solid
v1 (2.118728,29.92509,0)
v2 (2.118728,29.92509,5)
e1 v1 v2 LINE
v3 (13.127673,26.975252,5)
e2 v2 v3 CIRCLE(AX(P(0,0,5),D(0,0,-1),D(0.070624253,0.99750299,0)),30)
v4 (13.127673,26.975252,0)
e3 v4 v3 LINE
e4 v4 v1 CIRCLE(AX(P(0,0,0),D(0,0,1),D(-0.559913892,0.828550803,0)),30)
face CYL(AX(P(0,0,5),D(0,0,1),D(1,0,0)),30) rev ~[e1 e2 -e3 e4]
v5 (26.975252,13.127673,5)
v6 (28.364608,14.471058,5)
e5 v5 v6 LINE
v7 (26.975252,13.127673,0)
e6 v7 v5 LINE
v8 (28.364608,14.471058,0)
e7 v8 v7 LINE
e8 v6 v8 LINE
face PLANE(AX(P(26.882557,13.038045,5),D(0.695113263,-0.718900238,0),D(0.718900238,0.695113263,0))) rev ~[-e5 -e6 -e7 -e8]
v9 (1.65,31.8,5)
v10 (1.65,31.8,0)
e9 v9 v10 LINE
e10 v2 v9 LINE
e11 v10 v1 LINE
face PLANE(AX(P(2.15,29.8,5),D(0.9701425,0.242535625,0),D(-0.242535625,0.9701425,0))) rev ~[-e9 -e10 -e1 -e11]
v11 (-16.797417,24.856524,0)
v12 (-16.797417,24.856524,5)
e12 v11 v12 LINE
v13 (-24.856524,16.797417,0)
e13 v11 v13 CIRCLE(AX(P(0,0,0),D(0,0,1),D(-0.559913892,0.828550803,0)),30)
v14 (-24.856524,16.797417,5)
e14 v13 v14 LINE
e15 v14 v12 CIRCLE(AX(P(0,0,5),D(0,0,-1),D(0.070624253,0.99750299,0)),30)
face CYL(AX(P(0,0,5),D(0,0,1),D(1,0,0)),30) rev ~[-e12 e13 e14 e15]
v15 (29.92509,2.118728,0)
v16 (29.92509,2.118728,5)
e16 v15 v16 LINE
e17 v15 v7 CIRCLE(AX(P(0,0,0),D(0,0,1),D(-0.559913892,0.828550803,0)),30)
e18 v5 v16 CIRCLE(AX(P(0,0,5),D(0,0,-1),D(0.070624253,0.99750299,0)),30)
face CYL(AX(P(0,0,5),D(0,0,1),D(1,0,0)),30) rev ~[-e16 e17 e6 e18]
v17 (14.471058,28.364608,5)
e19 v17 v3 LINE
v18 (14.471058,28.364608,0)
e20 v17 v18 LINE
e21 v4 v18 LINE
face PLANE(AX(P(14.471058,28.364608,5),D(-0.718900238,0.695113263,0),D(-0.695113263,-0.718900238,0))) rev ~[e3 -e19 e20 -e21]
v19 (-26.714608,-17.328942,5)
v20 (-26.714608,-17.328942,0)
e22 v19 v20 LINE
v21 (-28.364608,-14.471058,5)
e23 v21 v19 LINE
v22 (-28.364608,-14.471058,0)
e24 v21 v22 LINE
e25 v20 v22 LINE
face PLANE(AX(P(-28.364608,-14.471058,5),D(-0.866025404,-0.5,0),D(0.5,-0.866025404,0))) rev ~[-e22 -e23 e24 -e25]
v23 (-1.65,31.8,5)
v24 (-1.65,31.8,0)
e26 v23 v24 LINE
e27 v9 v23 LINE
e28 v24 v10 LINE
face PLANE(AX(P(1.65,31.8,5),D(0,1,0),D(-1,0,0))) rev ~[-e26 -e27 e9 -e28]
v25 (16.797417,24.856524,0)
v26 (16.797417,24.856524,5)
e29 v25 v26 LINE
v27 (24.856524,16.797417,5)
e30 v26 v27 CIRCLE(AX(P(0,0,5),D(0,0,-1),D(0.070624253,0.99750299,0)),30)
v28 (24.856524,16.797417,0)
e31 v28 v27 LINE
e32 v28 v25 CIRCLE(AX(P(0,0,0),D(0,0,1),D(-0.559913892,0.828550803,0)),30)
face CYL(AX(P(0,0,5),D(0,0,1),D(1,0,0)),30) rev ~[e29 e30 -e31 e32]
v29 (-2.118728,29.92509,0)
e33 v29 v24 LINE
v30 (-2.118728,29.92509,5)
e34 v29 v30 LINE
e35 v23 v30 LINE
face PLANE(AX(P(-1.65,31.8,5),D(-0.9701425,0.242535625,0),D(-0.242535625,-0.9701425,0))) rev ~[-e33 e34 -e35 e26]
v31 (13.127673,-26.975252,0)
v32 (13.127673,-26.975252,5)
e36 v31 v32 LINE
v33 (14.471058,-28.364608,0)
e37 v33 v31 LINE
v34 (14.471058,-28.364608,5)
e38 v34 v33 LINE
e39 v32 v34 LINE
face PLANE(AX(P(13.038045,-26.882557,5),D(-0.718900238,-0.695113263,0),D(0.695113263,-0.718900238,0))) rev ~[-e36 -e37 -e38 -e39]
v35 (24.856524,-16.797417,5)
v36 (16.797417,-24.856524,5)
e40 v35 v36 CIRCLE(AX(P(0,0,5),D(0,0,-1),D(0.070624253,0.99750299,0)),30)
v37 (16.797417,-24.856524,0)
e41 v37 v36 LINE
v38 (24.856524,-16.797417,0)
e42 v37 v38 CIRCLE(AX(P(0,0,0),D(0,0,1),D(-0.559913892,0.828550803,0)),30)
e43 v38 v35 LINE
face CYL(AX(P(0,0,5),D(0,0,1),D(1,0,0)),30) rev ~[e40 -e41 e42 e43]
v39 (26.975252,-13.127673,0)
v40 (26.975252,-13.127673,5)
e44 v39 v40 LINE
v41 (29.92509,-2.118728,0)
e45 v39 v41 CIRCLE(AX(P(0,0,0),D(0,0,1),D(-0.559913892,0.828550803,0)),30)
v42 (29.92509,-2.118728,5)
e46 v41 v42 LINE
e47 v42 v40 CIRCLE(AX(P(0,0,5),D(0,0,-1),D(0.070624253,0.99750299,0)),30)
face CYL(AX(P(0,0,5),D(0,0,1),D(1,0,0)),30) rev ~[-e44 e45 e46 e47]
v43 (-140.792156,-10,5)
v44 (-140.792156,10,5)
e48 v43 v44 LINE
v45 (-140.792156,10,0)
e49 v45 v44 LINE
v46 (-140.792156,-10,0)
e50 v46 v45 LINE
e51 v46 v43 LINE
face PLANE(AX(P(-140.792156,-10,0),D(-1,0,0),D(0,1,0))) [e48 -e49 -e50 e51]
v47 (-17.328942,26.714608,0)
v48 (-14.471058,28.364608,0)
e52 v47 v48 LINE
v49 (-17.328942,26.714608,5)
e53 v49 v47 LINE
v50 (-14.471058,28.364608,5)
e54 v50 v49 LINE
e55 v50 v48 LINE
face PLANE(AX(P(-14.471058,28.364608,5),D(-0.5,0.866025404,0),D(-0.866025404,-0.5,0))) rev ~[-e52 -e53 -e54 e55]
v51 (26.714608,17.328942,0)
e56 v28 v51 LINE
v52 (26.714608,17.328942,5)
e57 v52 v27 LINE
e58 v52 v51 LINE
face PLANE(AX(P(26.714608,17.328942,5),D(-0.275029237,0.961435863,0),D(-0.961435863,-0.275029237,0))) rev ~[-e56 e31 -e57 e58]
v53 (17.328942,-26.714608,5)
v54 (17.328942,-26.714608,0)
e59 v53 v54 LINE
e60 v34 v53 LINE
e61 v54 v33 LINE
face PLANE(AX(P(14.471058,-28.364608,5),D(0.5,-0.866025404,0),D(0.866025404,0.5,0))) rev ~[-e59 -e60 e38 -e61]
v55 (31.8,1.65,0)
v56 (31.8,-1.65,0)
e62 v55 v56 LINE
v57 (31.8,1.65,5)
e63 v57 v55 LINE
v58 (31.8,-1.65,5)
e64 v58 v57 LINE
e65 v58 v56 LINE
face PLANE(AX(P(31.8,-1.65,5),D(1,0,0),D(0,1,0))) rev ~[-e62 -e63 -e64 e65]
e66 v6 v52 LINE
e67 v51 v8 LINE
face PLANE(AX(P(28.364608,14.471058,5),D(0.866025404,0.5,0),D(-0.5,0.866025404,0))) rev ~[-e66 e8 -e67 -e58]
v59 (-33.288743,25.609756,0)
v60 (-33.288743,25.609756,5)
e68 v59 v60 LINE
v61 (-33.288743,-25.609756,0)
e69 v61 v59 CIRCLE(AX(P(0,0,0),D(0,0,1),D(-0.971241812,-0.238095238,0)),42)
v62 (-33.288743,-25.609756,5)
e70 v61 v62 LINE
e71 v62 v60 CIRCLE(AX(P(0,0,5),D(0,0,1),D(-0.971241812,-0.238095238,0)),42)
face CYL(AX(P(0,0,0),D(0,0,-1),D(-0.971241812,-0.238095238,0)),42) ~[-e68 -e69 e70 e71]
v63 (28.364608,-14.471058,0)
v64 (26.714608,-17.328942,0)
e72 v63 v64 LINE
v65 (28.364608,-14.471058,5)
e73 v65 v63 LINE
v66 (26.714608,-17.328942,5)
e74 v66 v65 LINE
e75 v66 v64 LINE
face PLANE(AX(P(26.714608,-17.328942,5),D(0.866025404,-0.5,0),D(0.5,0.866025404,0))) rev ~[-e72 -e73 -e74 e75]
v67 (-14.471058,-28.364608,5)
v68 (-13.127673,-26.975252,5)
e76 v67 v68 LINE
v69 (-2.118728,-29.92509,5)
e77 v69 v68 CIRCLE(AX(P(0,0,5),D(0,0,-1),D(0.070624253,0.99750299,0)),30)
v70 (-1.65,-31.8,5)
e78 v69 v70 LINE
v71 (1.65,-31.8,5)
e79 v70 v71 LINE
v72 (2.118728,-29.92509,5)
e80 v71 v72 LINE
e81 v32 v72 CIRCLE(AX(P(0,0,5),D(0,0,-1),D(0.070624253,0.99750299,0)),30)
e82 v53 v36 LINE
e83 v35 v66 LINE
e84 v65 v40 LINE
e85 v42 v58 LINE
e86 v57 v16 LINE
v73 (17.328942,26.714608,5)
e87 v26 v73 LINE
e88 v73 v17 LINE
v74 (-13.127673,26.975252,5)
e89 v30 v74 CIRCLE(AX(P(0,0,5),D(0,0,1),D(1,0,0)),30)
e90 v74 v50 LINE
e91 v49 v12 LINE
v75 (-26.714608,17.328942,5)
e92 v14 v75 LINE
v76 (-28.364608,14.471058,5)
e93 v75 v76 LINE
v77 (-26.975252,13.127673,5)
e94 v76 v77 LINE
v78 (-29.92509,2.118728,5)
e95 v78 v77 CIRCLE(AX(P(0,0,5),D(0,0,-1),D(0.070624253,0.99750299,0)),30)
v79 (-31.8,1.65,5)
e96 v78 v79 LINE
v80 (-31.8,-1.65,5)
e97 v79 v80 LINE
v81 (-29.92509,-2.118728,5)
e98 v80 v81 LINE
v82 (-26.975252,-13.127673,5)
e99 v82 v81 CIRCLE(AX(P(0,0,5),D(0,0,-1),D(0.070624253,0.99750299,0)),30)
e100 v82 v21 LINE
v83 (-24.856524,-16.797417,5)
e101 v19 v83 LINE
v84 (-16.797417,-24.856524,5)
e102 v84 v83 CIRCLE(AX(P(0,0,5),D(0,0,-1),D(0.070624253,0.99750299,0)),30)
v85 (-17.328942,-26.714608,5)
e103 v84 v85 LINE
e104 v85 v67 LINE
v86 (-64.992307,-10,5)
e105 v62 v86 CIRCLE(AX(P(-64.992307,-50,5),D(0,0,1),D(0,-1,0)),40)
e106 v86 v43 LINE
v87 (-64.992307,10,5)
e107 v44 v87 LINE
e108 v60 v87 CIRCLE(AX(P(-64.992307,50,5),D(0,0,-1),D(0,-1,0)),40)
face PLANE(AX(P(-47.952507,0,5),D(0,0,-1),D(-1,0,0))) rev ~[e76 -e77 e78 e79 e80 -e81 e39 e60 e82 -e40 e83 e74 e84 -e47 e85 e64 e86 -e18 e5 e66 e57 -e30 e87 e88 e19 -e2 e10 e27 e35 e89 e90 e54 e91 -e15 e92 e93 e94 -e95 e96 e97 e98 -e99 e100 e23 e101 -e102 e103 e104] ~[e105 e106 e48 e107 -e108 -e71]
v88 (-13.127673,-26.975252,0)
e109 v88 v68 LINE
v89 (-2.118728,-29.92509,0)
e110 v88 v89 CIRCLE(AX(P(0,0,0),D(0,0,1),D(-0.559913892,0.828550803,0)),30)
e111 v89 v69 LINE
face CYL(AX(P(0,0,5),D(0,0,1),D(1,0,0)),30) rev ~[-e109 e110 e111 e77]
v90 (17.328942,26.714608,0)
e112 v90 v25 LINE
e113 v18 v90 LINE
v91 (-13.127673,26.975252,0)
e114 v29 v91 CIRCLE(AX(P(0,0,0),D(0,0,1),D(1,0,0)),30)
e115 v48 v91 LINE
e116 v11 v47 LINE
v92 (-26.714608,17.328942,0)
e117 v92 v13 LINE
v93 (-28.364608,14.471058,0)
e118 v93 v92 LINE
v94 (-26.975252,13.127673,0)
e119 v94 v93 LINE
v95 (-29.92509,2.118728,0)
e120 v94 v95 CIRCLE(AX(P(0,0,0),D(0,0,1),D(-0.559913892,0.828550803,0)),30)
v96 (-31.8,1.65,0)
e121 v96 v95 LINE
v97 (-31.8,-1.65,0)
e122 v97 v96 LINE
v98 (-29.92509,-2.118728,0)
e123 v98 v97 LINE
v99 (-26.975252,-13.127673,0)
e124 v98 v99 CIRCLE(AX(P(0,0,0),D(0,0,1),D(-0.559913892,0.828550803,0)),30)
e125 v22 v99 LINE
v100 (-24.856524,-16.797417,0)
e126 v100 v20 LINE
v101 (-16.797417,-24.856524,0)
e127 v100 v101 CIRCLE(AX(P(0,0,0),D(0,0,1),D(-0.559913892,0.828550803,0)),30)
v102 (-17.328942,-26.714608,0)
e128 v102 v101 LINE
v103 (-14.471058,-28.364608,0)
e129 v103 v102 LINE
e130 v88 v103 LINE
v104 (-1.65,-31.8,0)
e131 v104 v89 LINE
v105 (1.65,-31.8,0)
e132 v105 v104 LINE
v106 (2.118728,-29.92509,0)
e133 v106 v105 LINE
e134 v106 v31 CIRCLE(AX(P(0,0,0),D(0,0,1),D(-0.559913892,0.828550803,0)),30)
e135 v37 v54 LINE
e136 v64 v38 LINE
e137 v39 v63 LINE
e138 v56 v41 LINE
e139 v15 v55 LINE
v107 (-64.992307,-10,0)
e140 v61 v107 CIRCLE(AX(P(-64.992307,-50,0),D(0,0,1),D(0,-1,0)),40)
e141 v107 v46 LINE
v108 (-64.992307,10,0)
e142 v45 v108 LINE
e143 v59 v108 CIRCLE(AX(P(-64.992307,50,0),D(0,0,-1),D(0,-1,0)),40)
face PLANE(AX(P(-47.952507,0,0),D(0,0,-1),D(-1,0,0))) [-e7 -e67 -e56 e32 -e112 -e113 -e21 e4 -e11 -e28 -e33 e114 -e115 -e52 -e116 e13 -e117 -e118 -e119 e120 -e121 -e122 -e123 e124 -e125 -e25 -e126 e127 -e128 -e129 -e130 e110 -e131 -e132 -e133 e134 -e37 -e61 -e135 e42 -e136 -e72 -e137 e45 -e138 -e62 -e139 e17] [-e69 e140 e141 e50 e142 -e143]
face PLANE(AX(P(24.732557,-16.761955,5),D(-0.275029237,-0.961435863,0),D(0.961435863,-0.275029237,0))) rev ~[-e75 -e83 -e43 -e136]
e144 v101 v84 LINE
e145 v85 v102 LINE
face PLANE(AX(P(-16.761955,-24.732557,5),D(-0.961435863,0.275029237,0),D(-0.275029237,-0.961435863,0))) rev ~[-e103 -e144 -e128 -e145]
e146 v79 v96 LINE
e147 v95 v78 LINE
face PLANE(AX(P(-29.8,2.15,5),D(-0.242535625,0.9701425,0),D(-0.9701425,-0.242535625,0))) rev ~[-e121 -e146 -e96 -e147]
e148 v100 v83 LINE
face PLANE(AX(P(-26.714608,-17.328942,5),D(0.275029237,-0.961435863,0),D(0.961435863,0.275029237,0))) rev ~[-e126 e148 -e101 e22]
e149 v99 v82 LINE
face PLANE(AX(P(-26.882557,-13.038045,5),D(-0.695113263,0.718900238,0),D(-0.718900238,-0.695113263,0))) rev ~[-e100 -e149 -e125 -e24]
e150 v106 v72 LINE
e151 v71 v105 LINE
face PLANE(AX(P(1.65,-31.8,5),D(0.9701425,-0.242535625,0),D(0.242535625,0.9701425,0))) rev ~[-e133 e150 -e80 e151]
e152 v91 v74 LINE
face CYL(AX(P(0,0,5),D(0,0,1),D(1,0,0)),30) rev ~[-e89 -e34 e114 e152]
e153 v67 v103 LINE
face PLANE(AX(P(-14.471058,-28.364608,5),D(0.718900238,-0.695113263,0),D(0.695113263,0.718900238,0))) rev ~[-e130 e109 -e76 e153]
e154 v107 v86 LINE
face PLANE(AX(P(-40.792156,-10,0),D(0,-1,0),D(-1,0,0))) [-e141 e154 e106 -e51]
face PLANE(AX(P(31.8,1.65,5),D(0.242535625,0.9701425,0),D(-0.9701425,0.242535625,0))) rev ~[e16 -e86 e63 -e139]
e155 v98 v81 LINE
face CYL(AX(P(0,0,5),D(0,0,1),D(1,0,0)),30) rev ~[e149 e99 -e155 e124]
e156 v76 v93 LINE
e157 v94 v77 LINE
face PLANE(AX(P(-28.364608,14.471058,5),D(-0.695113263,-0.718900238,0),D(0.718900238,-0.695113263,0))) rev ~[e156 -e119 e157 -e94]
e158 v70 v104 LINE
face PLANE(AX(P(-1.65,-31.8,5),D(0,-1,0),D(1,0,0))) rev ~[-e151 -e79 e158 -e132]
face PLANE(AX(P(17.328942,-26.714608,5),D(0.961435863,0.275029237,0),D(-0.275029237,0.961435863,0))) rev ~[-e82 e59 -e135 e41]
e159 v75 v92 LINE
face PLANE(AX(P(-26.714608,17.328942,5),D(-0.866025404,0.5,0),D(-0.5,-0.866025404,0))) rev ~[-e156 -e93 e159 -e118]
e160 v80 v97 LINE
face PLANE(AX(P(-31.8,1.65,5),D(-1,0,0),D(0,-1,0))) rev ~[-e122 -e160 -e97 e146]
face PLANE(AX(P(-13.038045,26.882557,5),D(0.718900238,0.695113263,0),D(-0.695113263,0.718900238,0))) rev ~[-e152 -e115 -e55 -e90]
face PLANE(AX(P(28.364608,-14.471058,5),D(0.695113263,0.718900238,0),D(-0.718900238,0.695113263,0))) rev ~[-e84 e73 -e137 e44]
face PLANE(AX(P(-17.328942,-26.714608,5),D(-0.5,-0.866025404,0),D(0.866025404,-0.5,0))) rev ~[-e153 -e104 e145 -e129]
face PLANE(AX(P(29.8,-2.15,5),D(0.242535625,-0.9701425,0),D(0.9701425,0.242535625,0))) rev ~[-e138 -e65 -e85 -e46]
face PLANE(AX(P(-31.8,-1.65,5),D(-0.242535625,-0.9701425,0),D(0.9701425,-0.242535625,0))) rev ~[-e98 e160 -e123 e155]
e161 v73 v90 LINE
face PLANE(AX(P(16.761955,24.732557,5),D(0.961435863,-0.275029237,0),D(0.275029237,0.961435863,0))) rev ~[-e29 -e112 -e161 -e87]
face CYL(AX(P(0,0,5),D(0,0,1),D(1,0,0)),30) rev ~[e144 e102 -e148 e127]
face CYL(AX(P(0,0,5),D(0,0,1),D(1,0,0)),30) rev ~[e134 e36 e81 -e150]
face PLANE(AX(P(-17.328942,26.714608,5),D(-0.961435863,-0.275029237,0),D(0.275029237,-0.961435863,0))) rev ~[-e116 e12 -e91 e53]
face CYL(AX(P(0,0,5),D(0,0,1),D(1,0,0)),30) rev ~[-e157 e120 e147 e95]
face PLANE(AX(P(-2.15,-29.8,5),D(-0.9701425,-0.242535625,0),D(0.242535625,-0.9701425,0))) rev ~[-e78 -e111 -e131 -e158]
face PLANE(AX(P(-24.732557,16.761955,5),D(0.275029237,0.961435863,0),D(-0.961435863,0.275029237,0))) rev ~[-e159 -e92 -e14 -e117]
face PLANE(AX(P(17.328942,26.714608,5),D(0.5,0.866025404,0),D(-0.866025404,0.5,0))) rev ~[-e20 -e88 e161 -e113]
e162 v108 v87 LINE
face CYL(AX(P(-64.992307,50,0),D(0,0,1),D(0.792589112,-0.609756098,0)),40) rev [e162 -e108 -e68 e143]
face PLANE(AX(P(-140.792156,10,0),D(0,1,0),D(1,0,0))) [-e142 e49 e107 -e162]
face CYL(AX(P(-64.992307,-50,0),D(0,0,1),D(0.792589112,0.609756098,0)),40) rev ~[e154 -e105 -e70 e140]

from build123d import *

# Parameters (mm, degrees)
PAD_DEPTH          = 5
SKETCH001_R        = 30
POCKET_DEPTH       = 5.001
POCKET001_DEPTH    = 407.463283
POLARPATTERN_COUNT = 12
FILLET_R           = 40
FILLET001_R        = 40


with BuildPart() as part:
    # Sketch → Pad (new body)
    with BuildSketch(Plane.XY):
        with BuildLine():
            Line((-140.792156, 10), (-40.792156, 10))
            ThreePointArc((-40.792156, -10), (42, 0), (-40.792156, 10))
            Line((-40.792156, -10), (-140.792156, -10))
            Line((-140.792156, -10), (-140.792156, 10))
        make_face()
    extrude(amount=PAD_DEPTH)

    # Sketch001 → Pocket (cut, through all)
    with BuildSketch(Plane.XY.offset(5)):
        Circle(SKETCH001_R)
    extrude(amount=-POCKET_DEPTH, mode=Mode.SUBTRACT)

    # Sketch002 → Pocket001 (cut, through all)
    with BuildSketch(Plane.XY.offset(5)):
        Polygon((-1.65, 31.8), (-2.15, 29.8), (2.15, 29.8), (1.65, 31.8), align=None)
    pocket001 = extrude(amount=-POCKET001_DEPTH, mode=Mode.SUBTRACT)

    # PolarPattern: Pocket001 ×12 about axis
    polarpattern_axis = Axis((0, 0, 5), (0, 0, 1))
    for i in range(1, POLARPATTERN_COUNT):
        add(pocket001.rotate(polarpattern_axis, i * 360 / POLARPATTERN_COUNT), mode=Mode.SUBTRACT)

    # Fillet
    fillet_edges = [part.edges().sort_by_distance(p)[0] for p in [
        (-40.792156, -10, 2.5),
    ]]
    fillet(fillet_edges, radius=FILLET_R)

    # Fillet001
    fillet001_edges = [part.edges().sort_by_distance(p)[0] for p in [
        (-40.792156, 10, 2.5),
    ]]
    fillet(fillet001_edges, radius=FILLET001_R)


solid = part.part
